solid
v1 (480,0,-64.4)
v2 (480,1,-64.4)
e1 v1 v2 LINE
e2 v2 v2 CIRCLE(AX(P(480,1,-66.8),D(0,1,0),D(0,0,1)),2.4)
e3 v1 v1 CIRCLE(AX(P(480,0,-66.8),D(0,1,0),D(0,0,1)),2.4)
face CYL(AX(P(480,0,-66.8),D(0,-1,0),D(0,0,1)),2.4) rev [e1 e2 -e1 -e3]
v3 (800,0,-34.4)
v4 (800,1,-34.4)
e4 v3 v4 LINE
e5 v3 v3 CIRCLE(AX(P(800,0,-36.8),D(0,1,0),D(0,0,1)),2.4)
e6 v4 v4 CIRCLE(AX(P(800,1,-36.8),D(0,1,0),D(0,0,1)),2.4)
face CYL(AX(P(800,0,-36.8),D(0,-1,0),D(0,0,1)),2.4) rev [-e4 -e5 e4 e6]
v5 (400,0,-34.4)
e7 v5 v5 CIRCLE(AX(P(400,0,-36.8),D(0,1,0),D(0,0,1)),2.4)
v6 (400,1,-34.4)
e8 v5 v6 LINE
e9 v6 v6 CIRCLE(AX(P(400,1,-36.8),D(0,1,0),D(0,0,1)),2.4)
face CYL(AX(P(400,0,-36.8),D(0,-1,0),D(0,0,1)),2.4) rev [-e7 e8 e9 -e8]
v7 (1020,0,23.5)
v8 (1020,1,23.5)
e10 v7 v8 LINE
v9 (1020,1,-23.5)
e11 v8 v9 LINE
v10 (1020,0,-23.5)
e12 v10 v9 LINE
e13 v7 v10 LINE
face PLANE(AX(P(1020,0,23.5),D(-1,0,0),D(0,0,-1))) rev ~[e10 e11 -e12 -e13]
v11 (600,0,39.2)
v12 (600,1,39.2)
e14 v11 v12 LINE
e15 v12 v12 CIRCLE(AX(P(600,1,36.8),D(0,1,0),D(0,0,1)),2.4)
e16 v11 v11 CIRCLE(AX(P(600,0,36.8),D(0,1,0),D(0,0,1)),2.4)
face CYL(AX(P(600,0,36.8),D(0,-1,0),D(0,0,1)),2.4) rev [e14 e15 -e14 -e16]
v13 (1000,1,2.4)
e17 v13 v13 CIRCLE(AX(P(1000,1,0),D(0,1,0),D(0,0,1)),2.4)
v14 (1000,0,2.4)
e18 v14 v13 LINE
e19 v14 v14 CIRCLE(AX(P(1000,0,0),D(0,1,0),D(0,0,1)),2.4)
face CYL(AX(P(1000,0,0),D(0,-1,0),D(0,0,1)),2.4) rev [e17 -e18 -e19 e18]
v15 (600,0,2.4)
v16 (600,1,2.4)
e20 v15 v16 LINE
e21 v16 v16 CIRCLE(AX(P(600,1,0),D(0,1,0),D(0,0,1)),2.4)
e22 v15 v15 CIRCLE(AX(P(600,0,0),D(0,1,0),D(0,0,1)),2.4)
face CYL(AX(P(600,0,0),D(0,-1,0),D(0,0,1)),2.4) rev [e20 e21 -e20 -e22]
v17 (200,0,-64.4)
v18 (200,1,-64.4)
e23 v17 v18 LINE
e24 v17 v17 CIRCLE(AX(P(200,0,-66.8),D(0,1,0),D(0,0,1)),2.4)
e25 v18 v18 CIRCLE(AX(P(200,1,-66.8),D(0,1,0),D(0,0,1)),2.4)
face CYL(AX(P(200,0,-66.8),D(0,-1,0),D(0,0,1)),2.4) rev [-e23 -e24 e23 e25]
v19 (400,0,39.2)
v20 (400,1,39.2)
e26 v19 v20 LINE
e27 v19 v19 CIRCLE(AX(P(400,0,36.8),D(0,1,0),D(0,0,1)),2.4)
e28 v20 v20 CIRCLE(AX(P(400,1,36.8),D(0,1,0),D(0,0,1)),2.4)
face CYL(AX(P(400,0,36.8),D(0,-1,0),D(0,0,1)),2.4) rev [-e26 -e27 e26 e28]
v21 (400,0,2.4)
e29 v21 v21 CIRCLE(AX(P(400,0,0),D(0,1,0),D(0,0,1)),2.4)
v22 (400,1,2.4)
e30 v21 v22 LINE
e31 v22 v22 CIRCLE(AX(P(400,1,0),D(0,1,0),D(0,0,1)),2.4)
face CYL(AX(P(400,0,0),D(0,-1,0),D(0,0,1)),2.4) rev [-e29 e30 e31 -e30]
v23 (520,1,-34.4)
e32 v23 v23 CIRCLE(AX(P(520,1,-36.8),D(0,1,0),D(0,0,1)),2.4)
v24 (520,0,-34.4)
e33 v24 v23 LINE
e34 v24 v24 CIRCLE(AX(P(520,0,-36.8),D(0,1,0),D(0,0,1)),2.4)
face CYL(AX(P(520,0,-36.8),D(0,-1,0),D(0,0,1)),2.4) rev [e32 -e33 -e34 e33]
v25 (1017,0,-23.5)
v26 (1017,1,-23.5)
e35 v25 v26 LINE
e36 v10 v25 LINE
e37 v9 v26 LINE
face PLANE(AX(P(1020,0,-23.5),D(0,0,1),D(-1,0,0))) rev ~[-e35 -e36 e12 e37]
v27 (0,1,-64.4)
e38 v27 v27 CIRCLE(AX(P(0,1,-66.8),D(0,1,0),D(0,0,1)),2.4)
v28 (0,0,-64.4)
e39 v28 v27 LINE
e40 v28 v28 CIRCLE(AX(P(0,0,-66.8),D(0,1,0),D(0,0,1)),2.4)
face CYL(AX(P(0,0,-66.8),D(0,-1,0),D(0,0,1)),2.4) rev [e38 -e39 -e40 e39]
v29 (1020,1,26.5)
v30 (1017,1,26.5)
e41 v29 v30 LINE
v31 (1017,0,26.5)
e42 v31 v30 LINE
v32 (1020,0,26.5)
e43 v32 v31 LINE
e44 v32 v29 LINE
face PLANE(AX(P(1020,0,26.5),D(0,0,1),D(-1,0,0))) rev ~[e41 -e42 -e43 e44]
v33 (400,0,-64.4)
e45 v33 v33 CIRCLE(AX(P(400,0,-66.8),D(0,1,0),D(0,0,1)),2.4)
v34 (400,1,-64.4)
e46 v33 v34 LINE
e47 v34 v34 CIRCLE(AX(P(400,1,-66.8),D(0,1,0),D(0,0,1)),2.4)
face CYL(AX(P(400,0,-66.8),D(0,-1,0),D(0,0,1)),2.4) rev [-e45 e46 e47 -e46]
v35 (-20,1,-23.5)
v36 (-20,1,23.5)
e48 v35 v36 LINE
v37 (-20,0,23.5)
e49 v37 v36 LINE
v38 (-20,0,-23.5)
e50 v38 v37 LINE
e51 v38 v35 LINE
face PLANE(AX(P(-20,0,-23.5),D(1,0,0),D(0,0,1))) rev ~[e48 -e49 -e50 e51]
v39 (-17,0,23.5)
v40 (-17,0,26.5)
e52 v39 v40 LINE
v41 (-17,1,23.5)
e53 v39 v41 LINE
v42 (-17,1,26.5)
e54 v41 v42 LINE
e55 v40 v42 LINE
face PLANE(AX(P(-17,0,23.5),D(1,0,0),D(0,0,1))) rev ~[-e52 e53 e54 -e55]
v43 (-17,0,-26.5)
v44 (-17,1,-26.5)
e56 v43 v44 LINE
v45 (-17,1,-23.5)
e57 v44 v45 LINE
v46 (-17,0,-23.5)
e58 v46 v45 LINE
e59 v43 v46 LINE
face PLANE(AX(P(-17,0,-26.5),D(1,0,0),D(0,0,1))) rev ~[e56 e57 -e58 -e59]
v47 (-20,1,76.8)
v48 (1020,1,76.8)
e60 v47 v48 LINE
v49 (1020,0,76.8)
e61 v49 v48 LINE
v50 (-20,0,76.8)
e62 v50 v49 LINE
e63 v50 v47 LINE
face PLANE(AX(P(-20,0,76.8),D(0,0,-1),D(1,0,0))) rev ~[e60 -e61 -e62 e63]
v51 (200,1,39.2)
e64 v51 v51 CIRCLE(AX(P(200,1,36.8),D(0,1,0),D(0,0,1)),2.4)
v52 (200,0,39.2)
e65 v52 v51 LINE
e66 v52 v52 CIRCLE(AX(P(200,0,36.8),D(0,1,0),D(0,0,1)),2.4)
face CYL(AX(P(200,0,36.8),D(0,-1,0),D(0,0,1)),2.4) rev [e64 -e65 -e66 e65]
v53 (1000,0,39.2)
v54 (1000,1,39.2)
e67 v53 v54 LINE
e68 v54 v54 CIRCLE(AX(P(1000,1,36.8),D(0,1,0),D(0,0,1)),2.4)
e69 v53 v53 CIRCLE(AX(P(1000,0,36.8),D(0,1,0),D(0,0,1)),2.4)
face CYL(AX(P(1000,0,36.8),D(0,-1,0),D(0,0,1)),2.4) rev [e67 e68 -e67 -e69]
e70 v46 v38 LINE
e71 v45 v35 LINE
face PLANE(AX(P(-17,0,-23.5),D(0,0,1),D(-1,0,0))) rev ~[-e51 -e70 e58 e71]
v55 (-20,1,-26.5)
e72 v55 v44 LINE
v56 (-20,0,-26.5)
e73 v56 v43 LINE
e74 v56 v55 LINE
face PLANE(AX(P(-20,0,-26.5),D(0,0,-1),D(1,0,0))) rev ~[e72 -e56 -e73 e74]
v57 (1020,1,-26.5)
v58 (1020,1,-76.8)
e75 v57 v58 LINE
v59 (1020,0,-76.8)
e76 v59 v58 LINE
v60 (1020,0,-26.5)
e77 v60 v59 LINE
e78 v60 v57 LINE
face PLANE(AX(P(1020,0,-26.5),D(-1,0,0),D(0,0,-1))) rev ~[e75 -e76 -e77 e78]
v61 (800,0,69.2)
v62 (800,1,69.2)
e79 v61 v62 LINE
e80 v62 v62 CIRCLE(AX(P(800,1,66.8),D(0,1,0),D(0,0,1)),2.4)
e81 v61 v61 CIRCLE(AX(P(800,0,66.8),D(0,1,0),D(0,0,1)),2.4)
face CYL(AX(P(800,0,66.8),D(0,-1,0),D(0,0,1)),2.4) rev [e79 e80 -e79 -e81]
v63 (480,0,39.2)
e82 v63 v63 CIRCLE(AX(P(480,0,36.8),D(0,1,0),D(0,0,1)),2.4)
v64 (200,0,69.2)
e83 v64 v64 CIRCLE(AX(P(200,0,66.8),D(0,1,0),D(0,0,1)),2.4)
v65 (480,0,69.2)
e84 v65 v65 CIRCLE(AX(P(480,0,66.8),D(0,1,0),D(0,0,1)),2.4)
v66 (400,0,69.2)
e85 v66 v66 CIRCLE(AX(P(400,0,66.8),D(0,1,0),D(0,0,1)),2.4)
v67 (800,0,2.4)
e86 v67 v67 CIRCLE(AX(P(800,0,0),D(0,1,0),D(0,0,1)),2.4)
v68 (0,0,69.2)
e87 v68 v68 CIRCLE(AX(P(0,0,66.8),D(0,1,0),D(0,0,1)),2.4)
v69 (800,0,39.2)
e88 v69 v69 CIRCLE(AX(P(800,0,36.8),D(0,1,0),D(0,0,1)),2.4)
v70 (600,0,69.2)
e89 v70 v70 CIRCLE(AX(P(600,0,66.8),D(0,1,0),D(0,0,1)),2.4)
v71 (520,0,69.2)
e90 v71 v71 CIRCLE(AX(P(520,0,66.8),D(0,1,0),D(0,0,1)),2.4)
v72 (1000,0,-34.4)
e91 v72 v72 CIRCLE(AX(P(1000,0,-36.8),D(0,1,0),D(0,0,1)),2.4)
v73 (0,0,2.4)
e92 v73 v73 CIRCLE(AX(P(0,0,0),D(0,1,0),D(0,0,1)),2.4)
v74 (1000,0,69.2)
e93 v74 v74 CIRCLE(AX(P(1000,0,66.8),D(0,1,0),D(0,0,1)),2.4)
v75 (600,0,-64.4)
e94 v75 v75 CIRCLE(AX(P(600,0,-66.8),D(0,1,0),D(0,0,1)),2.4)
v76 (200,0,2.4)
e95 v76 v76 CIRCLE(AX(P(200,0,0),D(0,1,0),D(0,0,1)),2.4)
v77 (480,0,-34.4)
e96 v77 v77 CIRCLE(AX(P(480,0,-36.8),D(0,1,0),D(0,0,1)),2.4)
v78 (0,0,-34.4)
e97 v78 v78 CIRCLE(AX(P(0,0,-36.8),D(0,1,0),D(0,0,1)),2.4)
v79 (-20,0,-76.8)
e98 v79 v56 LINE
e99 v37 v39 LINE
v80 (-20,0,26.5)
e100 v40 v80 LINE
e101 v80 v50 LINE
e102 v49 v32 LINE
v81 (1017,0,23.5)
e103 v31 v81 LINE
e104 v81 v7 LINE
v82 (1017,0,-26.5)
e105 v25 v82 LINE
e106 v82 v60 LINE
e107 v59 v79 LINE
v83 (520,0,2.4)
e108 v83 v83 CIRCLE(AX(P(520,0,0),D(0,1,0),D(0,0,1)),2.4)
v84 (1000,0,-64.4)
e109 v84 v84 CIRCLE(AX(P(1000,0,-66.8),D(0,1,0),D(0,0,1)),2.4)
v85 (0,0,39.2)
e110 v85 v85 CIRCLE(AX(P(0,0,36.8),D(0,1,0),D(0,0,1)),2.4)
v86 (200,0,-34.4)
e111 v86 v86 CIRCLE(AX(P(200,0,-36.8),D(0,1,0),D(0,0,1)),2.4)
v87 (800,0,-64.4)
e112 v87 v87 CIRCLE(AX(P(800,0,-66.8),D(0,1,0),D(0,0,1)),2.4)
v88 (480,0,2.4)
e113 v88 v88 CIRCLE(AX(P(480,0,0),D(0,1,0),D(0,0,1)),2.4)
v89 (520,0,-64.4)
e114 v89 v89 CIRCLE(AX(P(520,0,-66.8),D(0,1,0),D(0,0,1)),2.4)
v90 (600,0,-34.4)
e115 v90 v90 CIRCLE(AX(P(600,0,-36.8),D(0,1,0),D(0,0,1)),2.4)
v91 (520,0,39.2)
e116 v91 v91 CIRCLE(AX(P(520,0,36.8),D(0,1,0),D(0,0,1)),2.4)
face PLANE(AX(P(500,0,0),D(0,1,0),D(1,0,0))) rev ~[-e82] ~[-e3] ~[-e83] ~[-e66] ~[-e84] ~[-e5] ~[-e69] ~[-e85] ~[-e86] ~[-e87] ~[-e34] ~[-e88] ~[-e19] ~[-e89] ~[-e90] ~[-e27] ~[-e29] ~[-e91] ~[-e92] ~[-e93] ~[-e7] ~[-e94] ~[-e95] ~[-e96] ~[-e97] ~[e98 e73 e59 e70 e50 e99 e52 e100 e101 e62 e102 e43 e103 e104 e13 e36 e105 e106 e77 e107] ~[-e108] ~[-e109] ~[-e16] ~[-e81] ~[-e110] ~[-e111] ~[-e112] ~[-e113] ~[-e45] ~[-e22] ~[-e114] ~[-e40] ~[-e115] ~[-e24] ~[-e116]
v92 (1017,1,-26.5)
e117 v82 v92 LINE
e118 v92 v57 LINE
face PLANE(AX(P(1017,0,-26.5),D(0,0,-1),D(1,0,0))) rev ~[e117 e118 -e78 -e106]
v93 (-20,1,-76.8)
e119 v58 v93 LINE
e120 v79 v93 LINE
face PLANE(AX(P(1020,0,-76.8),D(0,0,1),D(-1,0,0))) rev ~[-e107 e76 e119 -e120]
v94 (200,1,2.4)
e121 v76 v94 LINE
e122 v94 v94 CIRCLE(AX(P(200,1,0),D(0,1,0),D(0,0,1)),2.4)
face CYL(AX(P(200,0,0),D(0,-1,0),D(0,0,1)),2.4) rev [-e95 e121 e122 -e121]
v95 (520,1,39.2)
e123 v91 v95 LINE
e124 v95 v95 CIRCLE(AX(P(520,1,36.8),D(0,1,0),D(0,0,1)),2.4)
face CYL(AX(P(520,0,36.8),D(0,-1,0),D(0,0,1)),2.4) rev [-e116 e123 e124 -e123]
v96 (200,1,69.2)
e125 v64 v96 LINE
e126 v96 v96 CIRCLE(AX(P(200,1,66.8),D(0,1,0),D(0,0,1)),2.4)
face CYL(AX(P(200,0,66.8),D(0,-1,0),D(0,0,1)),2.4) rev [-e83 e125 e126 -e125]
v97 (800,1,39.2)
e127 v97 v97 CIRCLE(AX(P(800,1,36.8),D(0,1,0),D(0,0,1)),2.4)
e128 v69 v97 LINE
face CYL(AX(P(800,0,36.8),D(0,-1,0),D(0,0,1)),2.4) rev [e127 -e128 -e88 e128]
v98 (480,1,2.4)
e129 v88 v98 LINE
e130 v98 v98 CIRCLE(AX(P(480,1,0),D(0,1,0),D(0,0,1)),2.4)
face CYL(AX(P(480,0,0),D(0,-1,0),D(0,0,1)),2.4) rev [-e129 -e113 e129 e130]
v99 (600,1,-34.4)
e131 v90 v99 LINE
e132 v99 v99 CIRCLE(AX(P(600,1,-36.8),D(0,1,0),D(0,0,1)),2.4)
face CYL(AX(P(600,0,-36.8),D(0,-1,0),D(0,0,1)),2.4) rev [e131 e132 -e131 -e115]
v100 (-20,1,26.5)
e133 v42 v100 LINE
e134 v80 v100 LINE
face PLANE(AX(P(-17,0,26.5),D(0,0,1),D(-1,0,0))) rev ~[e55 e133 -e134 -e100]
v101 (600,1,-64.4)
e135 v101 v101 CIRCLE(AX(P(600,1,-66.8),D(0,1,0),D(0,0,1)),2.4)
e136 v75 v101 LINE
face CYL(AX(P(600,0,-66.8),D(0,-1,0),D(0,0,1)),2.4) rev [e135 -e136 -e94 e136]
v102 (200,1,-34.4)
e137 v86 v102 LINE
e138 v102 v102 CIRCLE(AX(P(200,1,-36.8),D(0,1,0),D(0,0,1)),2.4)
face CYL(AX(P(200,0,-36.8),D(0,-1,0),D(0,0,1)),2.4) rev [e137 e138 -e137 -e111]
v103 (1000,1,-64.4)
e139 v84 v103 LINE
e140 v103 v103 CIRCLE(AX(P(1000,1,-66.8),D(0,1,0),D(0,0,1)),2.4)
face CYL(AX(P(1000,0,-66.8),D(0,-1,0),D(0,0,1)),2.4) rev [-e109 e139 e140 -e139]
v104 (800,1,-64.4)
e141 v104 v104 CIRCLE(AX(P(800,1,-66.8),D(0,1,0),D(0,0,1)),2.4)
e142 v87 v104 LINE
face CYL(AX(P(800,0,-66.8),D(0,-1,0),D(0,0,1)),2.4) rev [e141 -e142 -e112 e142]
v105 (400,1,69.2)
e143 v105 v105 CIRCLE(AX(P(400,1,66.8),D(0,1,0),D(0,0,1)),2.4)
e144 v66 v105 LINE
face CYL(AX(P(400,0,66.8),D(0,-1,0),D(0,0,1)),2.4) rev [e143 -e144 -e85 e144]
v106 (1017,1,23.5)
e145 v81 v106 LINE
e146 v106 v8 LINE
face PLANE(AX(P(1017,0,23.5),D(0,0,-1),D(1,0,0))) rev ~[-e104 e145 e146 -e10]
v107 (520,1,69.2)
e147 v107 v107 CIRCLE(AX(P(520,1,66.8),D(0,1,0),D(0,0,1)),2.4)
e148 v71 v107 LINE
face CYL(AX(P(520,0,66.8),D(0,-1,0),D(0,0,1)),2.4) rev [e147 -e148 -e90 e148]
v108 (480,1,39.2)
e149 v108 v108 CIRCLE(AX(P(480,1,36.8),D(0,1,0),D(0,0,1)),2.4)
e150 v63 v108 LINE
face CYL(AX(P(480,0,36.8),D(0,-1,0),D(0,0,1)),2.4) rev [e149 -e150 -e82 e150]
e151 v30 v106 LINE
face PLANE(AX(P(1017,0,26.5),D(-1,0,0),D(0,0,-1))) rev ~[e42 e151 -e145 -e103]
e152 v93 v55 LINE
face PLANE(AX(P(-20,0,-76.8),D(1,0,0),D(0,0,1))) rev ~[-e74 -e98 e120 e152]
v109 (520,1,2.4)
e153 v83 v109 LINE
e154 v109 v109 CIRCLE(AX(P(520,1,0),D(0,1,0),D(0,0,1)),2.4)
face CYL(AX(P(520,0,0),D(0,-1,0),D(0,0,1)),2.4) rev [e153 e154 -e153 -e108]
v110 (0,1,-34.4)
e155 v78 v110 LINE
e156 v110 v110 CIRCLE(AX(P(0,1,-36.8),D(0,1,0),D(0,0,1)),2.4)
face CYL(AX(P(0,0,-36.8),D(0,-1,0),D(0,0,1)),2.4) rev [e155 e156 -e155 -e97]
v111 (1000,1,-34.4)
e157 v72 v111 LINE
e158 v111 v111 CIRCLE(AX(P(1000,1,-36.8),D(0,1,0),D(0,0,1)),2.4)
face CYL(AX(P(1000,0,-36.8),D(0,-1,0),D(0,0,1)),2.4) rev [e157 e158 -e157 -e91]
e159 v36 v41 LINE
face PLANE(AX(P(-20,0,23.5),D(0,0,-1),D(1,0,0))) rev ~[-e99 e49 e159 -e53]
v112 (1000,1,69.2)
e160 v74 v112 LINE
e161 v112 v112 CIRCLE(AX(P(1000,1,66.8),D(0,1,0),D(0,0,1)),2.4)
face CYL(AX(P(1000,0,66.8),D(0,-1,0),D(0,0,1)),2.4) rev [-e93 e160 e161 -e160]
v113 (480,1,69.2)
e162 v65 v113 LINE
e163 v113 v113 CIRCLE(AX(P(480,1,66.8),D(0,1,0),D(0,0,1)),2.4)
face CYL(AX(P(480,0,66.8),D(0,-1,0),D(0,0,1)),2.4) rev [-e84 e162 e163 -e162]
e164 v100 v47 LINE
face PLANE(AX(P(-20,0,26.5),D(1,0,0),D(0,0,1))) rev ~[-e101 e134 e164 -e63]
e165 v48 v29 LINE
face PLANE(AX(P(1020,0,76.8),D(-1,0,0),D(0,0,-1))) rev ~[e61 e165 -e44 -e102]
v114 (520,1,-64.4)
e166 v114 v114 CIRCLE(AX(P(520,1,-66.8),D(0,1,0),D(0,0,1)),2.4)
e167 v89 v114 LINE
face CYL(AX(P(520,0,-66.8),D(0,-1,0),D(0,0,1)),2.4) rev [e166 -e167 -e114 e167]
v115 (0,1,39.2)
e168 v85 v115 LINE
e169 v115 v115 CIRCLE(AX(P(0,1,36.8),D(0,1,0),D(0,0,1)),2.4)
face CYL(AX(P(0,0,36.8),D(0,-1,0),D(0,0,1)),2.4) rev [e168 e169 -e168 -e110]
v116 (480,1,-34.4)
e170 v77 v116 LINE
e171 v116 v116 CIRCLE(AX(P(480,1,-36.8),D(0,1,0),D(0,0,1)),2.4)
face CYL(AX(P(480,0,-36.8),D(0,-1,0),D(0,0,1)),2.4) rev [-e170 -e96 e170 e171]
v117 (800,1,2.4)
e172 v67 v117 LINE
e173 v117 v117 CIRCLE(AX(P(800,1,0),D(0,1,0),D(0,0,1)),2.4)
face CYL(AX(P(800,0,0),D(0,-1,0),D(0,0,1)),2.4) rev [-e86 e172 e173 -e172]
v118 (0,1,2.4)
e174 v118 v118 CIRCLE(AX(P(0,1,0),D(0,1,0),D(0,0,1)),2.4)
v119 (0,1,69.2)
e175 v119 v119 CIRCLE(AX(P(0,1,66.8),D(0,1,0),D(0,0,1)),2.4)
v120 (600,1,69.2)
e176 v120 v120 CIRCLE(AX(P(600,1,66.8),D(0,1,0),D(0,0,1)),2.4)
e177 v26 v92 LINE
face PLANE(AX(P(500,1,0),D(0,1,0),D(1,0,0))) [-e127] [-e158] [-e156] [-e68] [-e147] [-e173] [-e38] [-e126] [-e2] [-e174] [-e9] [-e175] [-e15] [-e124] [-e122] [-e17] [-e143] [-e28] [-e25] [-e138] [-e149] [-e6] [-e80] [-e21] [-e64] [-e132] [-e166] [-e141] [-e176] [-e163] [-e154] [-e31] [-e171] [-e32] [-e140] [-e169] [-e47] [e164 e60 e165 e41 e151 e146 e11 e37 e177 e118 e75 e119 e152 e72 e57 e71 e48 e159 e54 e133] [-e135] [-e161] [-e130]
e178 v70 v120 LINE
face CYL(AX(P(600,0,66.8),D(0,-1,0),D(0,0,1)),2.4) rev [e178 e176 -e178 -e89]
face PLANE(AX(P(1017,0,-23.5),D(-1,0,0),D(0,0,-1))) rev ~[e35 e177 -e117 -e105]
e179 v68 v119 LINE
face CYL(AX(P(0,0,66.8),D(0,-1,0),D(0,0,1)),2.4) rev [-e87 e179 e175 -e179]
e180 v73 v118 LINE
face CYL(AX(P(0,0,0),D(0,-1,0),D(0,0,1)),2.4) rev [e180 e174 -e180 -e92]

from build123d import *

# Parameters (mm, degrees)
SKETCH1_R           = 2.4
BOSS_EXTRUDE1_DEPTH = 1


with BuildPart() as part:
    # Sketch1 → Boss-Extrude1 (new body)
    with BuildSketch(Plane(origin=(0, 0, 0), x_dir=(1, 0, 0), z_dir=(0, 1, 0))):
        Polygon((-20, -26.5), (-20, -76.8), (1020, -76.8), (1020, -26.5), (1017, -26.5), (1017, -23.5), (1020, -23.5), (1020, 23.5), (1017, 23.5), (1017, 26.5), (1020, 26.5), (1020, 76.8), (-20, 76.8), (-20, 26.5), (-17, 26.5), (-17, 23.5), (-20, 23.5), (-20, -23.5), (-17, -23.5), (-17, -26.5), align=None)
        with Locations(Location((0, -36.8, 0), (0, 0, 270))):
            Circle(SKETCH1_R, mode=Mode.SUBTRACT)
        with Locations(Location((0, 36.8, 0), (0, 0, 270))):
            Circle(SKETCH1_R, mode=Mode.SUBTRACT)
        with Locations(Location((0, -66.8, 0), (0, 0, 270))):
            Circle(SKETCH1_R, mode=Mode.SUBTRACT)
        with Locations(Location((0, 66.8, 0), (0, 0, 270))):
            Circle(SKETCH1_R, mode=Mode.SUBTRACT)
        with Locations(Location((200, -66.8, 0), (0, 0, 270))):
            Circle(SKETCH1_R, mode=Mode.SUBTRACT)
        with Locations(Location((200, -36.8, 0), (0, 0, 270))):
            Circle(SKETCH1_R, mode=Mode.SUBTRACT)
        with Locations(Location((200, 36.8, 0), (0, 0, 270))):
            Circle(SKETCH1_R, mode=Mode.SUBTRACT)
        with Locations(Location((200, 66.8, 0), (0, 0, 270))):
            Circle(SKETCH1_R, mode=Mode.SUBTRACT)
        with Locations(Location((0, 0, 0), (0, 0, 270))):
            Circle(SKETCH1_R, mode=Mode.SUBTRACT)
        with Locations(Location((480, 0, 0), (0, 0, 270))):
            Circle(SKETCH1_R, mode=Mode.SUBTRACT)
        with Locations(Location((200, 0, 0), (0, 0, 270))):
            Circle(SKETCH1_R, mode=Mode.SUBTRACT)
        with Locations(Location((480, 66.8, 0), (0, 0, 270))):
            Circle(SKETCH1_R, mode=Mode.SUBTRACT)
        with Locations(Location((480, 36.8, 0), (0, 0, 270))):
            Circle(SKETCH1_R, mode=Mode.SUBTRACT)
        with Locations(Location((480, -36.8, 0), (0, 0, 270))):
            Circle(SKETCH1_R, mode=Mode.SUBTRACT)
        with Locations(Location((480, -66.8, 0), (0, 0, 270))):
            Circle(SKETCH1_R, mode=Mode.SUBTRACT)
        with Locations(Location((400, -66.8, 0), (0, 0, 270))):
            Circle(SKETCH1_R, mode=Mode.SUBTRACT)
        with Locations(Location((400, -36.8, 0), (0, 0, 270))):
            Circle(SKETCH1_R, mode=Mode.SUBTRACT)
        with Locations(Location((400, 36.8, 0), (0, 0, 270))):
            Circle(SKETCH1_R, mode=Mode.SUBTRACT)
        with Locations(Location((400, 66.8, 0), (0, 0, 270))):
            Circle(SKETCH1_R, mode=Mode.SUBTRACT)
        with Locations(Location((600, -66.8, 0), (0, 0, 270))):
            Circle(SKETCH1_R, mode=Mode.SUBTRACT)
        with Locations(Location((600, -36.8, 0), (0, 0, 270))):
            Circle(SKETCH1_R, mode=Mode.SUBTRACT)
        with Locations(Location((600, 36.8, 0), (0, 0, 270))):
            Circle(SKETCH1_R, mode=Mode.SUBTRACT)
        with Locations(Location((600, 66.8, 0), (0, 0, 270))):
            Circle(SKETCH1_R, mode=Mode.SUBTRACT)
        with Locations(Location((800, -66.8, 0), (0, 0, 270))):
            Circle(SKETCH1_R, mode=Mode.SUBTRACT)
        with Locations(Location((800, -36.8, 0), (0, 0, 270))):
            Circle(SKETCH1_R, mode=Mode.SUBTRACT)
        with Locations(Location((800, 36.8, 0), (0, 0, 270))):
            Circle(SKETCH1_R, mode=Mode.SUBTRACT)
        with Locations(Location((800, 66.8, 0), (0, 0, 270))):
            Circle(SKETCH1_R, mode=Mode.SUBTRACT)
        with Locations(Location((1000, -66.8, 0), (0, 0, 270))):
            Circle(SKETCH1_R, mode=Mode.SUBTRACT)
        with Locations(Location((1000, -36.8, 0), (0, 0, 270))):
            Circle(SKETCH1_R, mode=Mode.SUBTRACT)
        with Locations(Location((1000, 36.8, 0), (0, 0, 270))):
            Circle(SKETCH1_R, mode=Mode.SUBTRACT)
        with Locations(Location((1000, 66.8, 0), (0, 0, 270))):
            Circle(SKETCH1_R, mode=Mode.SUBTRACT)
        with Locations(Location((520, -66.8, 0), (0, 0, 270))):
            Circle(SKETCH1_R, mode=Mode.SUBTRACT)
        with Locations(Location((520, -36.8, 0), (0, 0, 270))):
            Circle(SKETCH1_R, mode=Mode.SUBTRACT)
        with Locations(Location((520, 0, 0), (0, 0, 270))):
            Circle(SKETCH1_R, mode=Mode.SUBTRACT)
        with Locations(Location((520, 36.8, 0), (0, 0, 270))):
            Circle(SKETCH1_R, mode=Mode.SUBTRACT)
        with Locations(Location((520, 66.8, 0), (0, 0, 270))):
            Circle(SKETCH1_R, mode=Mode.SUBTRACT)
        with Locations(Location((600, 0, 0), (0, 0, 270))):
            Circle(SKETCH1_R, mode=Mode.SUBTRACT)
        with Locations(Location((800, 0, 0), (0, 0, 270))):
            Circle(SKETCH1_R, mode=Mode.SUBTRACT)
        with Locations(Location((1000, 0, 0), (0, 0, 270))):
            Circle(SKETCH1_R, mode=Mode.SUBTRACT)
        with Locations(Location((400, 0, 0), (0, 0, 270))):
            Circle(SKETCH1_R, mode=Mode.SUBTRACT)
    extrude(amount=BOSS_EXTRUDE1_DEPTH)


solid = part.part
